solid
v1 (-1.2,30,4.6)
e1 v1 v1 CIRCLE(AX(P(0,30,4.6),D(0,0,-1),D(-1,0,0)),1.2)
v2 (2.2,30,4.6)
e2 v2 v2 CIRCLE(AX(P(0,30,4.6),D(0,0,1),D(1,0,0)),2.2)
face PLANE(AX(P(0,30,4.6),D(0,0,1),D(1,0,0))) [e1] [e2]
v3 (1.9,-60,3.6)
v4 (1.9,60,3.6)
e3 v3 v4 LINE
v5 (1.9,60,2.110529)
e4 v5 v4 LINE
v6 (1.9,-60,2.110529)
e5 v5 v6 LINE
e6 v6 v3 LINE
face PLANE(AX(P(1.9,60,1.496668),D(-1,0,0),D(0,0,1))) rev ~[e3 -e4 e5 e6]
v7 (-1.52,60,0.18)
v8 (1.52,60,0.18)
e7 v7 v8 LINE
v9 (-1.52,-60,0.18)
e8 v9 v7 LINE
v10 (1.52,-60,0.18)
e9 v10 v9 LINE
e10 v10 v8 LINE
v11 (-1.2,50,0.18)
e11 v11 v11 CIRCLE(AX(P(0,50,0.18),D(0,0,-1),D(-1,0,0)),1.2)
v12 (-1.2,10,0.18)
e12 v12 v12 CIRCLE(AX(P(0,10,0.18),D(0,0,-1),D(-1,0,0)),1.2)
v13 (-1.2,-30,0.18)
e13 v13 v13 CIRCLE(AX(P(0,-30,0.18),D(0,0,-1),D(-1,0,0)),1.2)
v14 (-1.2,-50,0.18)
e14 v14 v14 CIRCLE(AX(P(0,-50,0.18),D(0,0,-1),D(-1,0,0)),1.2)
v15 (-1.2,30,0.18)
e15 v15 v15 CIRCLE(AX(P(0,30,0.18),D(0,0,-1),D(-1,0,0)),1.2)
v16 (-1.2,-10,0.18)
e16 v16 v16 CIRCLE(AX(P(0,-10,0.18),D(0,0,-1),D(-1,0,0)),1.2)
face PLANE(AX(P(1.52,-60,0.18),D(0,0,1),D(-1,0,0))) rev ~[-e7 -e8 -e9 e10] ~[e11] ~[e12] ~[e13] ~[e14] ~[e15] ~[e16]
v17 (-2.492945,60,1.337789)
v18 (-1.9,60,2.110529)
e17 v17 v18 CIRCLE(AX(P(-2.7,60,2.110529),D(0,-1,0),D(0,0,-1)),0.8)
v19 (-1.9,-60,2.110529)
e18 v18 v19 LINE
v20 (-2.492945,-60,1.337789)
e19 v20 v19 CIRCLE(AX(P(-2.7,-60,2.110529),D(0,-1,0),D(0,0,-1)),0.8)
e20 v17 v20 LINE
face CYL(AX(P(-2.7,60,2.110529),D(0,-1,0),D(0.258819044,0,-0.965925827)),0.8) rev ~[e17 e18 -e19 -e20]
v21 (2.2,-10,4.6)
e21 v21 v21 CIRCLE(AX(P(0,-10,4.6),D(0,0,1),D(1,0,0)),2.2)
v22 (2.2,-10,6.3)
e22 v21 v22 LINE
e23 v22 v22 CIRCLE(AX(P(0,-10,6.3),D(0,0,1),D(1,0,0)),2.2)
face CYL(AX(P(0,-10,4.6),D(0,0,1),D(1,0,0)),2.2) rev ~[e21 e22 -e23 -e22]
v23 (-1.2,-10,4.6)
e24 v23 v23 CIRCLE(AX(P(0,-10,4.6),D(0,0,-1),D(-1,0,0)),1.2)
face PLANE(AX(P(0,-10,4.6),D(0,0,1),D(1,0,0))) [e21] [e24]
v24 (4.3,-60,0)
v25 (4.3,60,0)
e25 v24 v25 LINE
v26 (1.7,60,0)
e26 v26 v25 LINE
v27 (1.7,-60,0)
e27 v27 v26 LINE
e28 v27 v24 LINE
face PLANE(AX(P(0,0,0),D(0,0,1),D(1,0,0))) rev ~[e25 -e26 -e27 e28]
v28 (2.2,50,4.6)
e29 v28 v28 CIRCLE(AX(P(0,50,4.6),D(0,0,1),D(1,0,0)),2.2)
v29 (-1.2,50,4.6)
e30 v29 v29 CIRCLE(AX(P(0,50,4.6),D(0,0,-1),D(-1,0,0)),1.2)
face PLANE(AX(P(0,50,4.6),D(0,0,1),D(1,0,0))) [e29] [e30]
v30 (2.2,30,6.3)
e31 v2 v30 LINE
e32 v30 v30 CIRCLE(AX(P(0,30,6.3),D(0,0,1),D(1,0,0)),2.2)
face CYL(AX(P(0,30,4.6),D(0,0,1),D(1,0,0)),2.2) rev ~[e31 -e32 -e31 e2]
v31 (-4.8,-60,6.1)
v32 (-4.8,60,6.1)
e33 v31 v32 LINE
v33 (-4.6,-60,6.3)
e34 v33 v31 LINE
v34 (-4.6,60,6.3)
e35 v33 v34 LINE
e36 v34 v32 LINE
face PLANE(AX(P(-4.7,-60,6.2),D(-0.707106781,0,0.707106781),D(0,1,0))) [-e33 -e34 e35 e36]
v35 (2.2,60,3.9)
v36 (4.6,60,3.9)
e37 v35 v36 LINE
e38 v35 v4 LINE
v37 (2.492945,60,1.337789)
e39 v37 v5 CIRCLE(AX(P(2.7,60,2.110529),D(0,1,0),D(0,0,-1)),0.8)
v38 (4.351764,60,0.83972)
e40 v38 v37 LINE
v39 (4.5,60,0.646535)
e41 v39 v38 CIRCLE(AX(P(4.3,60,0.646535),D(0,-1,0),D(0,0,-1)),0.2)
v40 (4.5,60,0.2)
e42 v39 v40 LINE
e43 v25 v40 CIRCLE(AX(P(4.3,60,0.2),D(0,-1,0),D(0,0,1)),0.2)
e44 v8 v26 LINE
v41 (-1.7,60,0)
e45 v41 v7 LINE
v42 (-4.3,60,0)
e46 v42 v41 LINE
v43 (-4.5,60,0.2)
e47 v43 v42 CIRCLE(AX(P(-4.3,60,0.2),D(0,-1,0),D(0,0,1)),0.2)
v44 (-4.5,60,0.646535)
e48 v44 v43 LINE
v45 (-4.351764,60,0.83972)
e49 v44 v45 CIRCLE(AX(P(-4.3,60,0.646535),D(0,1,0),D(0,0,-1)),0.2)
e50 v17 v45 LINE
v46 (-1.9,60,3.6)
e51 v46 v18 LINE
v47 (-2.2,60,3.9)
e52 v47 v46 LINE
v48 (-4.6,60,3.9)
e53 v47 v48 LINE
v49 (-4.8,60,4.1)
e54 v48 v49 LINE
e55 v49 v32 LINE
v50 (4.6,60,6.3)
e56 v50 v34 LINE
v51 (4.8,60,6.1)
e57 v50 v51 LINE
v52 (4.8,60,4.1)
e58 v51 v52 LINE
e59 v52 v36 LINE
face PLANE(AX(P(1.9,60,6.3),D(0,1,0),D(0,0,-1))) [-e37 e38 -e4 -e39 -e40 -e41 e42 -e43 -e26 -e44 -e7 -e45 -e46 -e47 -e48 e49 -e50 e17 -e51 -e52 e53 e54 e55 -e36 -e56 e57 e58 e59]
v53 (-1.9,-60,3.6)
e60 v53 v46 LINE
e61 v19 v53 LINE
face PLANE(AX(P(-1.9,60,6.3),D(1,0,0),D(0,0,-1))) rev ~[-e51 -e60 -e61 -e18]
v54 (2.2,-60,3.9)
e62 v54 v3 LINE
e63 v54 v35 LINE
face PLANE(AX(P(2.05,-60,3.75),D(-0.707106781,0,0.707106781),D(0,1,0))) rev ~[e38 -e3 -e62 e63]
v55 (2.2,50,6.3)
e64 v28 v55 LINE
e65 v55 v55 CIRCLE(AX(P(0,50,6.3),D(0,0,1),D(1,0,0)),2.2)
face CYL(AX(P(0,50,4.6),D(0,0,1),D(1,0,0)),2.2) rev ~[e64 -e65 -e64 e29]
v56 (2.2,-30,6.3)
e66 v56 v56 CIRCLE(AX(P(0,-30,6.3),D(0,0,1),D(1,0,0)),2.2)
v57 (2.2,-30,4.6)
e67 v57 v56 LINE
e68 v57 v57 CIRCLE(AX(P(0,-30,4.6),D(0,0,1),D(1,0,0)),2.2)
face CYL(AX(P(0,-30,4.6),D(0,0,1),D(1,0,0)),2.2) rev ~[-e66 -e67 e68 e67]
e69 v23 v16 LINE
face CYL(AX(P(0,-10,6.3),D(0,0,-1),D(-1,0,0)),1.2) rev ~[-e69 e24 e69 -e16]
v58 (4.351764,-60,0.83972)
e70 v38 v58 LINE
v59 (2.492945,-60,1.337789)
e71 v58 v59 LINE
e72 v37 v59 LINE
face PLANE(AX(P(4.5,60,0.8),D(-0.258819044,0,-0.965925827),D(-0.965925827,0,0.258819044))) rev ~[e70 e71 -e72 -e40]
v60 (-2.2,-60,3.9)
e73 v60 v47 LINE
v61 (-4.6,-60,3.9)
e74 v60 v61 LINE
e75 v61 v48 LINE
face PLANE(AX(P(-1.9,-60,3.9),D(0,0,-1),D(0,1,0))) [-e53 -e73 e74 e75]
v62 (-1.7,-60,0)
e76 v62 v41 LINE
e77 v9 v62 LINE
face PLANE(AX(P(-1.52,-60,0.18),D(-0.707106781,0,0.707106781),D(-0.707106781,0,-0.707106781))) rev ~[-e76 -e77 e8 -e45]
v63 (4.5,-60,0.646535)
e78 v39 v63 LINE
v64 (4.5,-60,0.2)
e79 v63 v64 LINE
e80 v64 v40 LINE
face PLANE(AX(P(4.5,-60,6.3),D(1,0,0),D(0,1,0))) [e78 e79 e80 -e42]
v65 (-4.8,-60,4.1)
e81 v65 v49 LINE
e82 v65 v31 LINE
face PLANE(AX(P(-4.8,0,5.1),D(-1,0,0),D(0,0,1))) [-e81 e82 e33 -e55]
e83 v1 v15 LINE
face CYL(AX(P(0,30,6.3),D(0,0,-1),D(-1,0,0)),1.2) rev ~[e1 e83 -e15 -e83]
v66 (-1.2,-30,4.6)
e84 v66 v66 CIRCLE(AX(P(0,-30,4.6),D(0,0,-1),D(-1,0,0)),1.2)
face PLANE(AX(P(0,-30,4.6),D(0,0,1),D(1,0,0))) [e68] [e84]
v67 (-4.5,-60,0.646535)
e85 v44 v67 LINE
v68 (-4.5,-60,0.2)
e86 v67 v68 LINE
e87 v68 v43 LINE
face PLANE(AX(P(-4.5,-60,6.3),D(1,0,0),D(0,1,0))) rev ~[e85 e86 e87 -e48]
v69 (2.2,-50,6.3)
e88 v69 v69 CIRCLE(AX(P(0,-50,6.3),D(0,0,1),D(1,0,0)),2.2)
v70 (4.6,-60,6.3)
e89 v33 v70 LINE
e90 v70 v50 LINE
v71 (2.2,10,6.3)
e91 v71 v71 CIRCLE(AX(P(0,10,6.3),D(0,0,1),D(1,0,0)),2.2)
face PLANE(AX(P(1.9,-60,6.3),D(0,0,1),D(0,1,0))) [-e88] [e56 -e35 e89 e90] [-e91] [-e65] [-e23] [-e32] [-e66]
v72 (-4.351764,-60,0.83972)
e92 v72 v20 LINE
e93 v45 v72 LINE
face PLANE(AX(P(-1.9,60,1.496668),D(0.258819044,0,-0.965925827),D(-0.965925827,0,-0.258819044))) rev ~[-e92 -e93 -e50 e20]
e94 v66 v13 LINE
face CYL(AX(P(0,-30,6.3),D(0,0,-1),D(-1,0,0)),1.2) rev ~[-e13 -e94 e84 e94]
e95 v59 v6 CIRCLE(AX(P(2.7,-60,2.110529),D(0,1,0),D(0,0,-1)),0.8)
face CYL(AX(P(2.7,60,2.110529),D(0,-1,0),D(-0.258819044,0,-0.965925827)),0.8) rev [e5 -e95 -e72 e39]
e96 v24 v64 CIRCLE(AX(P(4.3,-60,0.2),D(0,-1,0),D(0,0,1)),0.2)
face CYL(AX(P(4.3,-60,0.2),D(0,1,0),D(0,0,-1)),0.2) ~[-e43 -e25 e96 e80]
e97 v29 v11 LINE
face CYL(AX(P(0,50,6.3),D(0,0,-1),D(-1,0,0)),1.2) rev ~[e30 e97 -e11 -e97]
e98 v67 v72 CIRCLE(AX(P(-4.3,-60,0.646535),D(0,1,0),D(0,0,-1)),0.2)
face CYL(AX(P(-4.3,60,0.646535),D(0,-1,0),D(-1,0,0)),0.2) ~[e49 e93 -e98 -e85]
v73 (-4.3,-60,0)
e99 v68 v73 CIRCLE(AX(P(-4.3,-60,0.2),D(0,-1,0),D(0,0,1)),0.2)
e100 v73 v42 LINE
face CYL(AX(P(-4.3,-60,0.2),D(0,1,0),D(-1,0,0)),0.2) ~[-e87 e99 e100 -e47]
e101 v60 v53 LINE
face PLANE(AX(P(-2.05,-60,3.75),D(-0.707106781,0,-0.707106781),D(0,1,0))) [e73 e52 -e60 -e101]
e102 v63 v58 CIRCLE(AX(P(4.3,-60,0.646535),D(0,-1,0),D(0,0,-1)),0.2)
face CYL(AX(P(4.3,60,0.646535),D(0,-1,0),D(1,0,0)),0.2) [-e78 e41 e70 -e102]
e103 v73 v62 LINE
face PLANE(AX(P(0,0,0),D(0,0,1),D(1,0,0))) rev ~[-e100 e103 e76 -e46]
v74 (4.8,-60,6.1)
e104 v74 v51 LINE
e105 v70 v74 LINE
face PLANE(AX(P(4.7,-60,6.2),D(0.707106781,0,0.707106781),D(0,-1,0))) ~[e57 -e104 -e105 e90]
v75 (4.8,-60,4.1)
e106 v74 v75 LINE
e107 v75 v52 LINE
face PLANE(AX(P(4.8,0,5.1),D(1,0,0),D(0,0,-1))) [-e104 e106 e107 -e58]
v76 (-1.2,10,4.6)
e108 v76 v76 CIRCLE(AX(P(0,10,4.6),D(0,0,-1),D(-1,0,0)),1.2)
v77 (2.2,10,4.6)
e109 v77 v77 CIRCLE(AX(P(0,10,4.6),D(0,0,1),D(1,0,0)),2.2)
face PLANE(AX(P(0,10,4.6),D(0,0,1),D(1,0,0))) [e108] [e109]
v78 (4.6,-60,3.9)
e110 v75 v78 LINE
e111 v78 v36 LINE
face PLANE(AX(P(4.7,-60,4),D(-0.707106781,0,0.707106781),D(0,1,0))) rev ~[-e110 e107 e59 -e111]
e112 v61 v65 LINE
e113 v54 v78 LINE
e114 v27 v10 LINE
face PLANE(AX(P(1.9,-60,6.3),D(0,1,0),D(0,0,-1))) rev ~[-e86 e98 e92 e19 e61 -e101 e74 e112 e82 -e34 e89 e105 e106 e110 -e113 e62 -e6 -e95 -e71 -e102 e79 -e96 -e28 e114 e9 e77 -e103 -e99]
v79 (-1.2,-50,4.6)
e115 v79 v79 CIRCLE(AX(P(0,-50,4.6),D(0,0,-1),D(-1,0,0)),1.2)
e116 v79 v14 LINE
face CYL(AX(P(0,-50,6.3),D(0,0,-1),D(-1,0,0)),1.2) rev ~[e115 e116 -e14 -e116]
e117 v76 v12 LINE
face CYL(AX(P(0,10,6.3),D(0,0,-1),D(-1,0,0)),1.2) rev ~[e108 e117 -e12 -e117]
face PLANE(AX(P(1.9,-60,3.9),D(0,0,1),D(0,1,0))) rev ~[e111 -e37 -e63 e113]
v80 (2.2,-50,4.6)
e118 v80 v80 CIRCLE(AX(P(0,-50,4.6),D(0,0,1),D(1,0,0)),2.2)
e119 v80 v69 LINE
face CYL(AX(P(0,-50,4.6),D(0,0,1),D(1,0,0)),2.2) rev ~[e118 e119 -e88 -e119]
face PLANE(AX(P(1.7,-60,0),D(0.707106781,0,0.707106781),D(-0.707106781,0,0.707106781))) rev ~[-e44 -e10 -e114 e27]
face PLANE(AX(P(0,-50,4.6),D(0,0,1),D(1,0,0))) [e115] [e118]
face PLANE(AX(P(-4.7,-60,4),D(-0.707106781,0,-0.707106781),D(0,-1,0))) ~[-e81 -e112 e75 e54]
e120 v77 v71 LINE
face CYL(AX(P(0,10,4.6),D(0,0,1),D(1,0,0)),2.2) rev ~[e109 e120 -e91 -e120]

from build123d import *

# Parameters (mm, degrees)
SKETCH1_W           = 9
SKETCH1_H           = 120
BOSS_EXTRUDE1_DEPTH = 6.3
CUT_EXTRUDE1_DEPTH  = 121
SKETCH3_W           = 2.4
SKETCH3_H           = 120
BOSS_EXTRUDE2_DEPTH = 2.9
CUT_EXTRUDE2_DEPTH  = 121
SKETCH5_W           = 2.4
SKETCH5_H           = 120
BOSS_EXTRUDE3_DEPTH = 2.9
CUT_EXTRUDE3_DEPTH  = 121
HOLE1_D             = 2.4
HOLE1_DEPTH         = 6.3
HOLE1_CBORE_D       = 4.4
HOLE1_CBORE_DEPTH   = 1.7
HOLE2_D             = 2.4
HOLE2_DEPTH         = 6.3
HOLE2_CBORE_D       = 4.4
HOLE2_CBORE_DEPTH   = 1.7
HOLE3_D             = 2.4
HOLE3_DEPTH         = 6.3
HOLE3_CBORE_D       = 4.4
HOLE3_CBORE_DEPTH   = 1.7
HOLE4_D             = 2.4
HOLE4_DEPTH         = 6.3
HOLE4_CBORE_D       = 4.4
HOLE4_CBORE_DEPTH   = 1.7
HOLE5_D             = 2.4
HOLE5_DEPTH         = 6.3
HOLE5_CBORE_D       = 4.4
HOLE5_CBORE_DEPTH   = 1.7
HOLE6_D             = 2.4
HOLE6_DEPTH         = 6.3
HOLE6_CBORE_D       = 4.4
HOLE6_CBORE_DEPTH   = 1.7
CHAMFER1_SIZE       = 0.2
CHAMFER2_SIZE       = 0.3
CHAMFER3_SIZE       = 0.2
CHAMFER4_SIZE       = 0.3
CHAMFER5_SIZE       = 0.2
CHAMFER6_SIZE       = 0.2
FILLET1_R           = 0.2
FILLET2_R           = 0.2
FILLET3_R           = 0.2
FILLET4_R           = 0.200000005
FILLET5_R           = 0.8
FILLET6_R           = 0.8


with BuildPart() as part:
    # Sketch1 → Boss-Extrude1 (new body)
    with BuildSketch(Plane.XY.offset(6.3)):
        Rectangle(SKETCH1_W, SKETCH1_H)
    extrude(amount=-BOSS_EXTRUDE1_DEPTH)

    # Sketch2 → Cut-Extrude1 (cut, through all)
    with BuildSketch(Plane(origin=(0, 60, 0), x_dir=(-1, 0, 0), z_dir=(0, 1, 0))):
        Polygon((4.5, 6.3), (1.9, 6.3), (1.9, 1.496667899), (4.5, 0.800000003), align=None)
    extrude(amount=-CUT_EXTRUDE1_DEPTH, mode=Mode.SUBTRACT)

    # Sketch3 → Boss-Extrude2 (add)
    with BuildSketch(Plane.ZY.offset(1.9)):
        with Locations((5.1, 0)):
            Rectangle(SKETCH3_W, SKETCH3_H)
    extrude(amount=BOSS_EXTRUDE2_DEPTH)

    # Sketch4 → Cut-Extrude2 (cut, through all)
    with BuildSketch(Plane(origin=(0, 60, 0), x_dir=(-1, 0, 0), z_dir=(0, 1, 0))):
        Polygon((-4.5, 0.800000003), (-1.9, 1.496667899), (-1.9, 6.3), (-4.5, 6.3), align=None)
    extrude(amount=-CUT_EXTRUDE2_DEPTH, mode=Mode.SUBTRACT)

    # Sketch5 → Boss-Extrude3 (add)
    with BuildSketch(Plane(origin=(1.9, 0, 0), x_dir=(0, 0, -1), z_dir=(1, 0, 0))):
        with Locations((-5.1, 0)):
            Rectangle(SKETCH5_W, SKETCH5_H)
    extrude(amount=BOSS_EXTRUDE3_DEPTH)

    # Sketch6 → Cut-Extrude3 (cut, through all)
    with BuildSketch(Plane.XZ.offset(60)):
        Polygon((-1.7, 0), (1.7, 0), (1.52, 0.18), (-1.52, 0.18), align=None)
    extrude(amount=-CUT_EXTRUDE3_DEPTH, mode=Mode.SUBTRACT)

    # Hole1
    with Locations(Plane.XY.offset(6.3)):
        with Locations((0, -50)):
            CounterBoreHole(HOLE1_D / 2, HOLE1_CBORE_D / 2, HOLE1_CBORE_DEPTH, depth=HOLE1_DEPTH)

    # Hole2
    with Locations(Plane.XY.offset(6.3)):
        with Locations((0, -30)):
            CounterBoreHole(HOLE2_D / 2, HOLE2_CBORE_D / 2, HOLE2_CBORE_DEPTH, depth=HOLE2_DEPTH)

    # Hole3
    with Locations(Plane.XY.offset(6.3)):
        with Locations((0, -10)):
            CounterBoreHole(HOLE3_D / 2, HOLE3_CBORE_D / 2, HOLE3_CBORE_DEPTH, depth=HOLE3_DEPTH)

    # Hole4
    with Locations(Plane.XY.offset(6.3)):
        with Locations((0, 10)):
            CounterBoreHole(HOLE4_D / 2, HOLE4_CBORE_D / 2, HOLE4_CBORE_DEPTH, depth=HOLE4_DEPTH)

    # Hole5
    with Locations(Plane.XY.offset(6.3)):
        with Locations((0, 30)):
            CounterBoreHole(HOLE5_D / 2, HOLE5_CBORE_D / 2, HOLE5_CBORE_DEPTH, depth=HOLE5_DEPTH)

    # Hole6
    with Locations(Plane.XY.offset(6.3)):
        with Locations((0, 50)):
            CounterBoreHole(HOLE6_D / 2, HOLE6_CBORE_D / 2, HOLE6_CBORE_DEPTH, depth=HOLE6_DEPTH)

    # Chamfer1
    chamfer1_edges = [part.edges().sort_by_distance(p)[0] for p in [
        (4.8, 0, 6.3),
    ]]
    chamfer(chamfer1_edges, length=CHAMFER1_SIZE)

    # Chamfer2
    chamfer2_edges = [part.edges().sort_by_distance(p)[0] for p in [
        (1.9, 0, 3.9),
    ]]
    chamfer(chamfer2_edges, length=CHAMFER2_SIZE)

    # Chamfer3
    chamfer3_edges = [part.edges().sort_by_distance(p)[0] for p in [
        (-4.8, 0, 6.3),
    ]]
    chamfer(chamfer3_edges, length=CHAMFER3_SIZE)

    # Chamfer4
    chamfer4_edges = [part.edges().sort_by_distance(p)[0] for p in [
        (-1.9, 0, 3.9),
    ]]
    chamfer(chamfer4_edges, length=CHAMFER4_SIZE)

    # Chamfer5
    chamfer5_edges = [part.edges().sort_by_distance(p)[0] for p in [
        (-4.8, 0, 3.9),
    ]]
    chamfer(chamfer5_edges, length=CHAMFER5_SIZE)

    # Chamfer6
    chamfer6_edges = [part.edges().sort_by_distance(p)[0] for p in [
        (4.8, 0, 3.9),
    ]]
    chamfer(chamfer6_edges, length=CHAMFER6_SIZE)

    # Fillet1
    fillet1_edges = [part.edges().sort_by_distance(p)[0] for p in [
        (-4.5, 0, 0),
    ]]
    fillet(fillet1_edges, radius=FILLET1_R)

    # Fillet2
    fillet2_edges = [part.edges().sort_by_distance(p)[0] for p in [
        (-4.5, 0, 0.800000003),
    ]]
    fillet(fillet2_edges, radius=FILLET2_R)

    # Fillet3
    fillet3_edges = [part.edges().sort_by_distance(p)[0] for p in [
        (4.5, 0, 0),
    ]]
    fillet(fillet3_edges, radius=FILLET3_R)

    # Fillet4
    fillet4_edges = [part.edges().sort_by_distance(p)[0] for p in [
        (4.5, 0, 0.800000003),
    ]]
    fillet(fillet4_edges, radius=FILLET4_R)

    # Fillet5
    fillet5_edges = [part.edges().sort_by_distance(p)[0] for p in [
        (-1.9, 0, 1.496667899),
    ]]
    fillet(fillet5_edges, radius=FILLET5_R)

    # Fillet6
    fillet6_edges = [part.edges().sort_by_distance(p)[0] for p in [
        (1.9, 0, 1.496667899),
    ]]
    fillet(fillet6_edges, radius=FILLET6_R)


solid = part.part
